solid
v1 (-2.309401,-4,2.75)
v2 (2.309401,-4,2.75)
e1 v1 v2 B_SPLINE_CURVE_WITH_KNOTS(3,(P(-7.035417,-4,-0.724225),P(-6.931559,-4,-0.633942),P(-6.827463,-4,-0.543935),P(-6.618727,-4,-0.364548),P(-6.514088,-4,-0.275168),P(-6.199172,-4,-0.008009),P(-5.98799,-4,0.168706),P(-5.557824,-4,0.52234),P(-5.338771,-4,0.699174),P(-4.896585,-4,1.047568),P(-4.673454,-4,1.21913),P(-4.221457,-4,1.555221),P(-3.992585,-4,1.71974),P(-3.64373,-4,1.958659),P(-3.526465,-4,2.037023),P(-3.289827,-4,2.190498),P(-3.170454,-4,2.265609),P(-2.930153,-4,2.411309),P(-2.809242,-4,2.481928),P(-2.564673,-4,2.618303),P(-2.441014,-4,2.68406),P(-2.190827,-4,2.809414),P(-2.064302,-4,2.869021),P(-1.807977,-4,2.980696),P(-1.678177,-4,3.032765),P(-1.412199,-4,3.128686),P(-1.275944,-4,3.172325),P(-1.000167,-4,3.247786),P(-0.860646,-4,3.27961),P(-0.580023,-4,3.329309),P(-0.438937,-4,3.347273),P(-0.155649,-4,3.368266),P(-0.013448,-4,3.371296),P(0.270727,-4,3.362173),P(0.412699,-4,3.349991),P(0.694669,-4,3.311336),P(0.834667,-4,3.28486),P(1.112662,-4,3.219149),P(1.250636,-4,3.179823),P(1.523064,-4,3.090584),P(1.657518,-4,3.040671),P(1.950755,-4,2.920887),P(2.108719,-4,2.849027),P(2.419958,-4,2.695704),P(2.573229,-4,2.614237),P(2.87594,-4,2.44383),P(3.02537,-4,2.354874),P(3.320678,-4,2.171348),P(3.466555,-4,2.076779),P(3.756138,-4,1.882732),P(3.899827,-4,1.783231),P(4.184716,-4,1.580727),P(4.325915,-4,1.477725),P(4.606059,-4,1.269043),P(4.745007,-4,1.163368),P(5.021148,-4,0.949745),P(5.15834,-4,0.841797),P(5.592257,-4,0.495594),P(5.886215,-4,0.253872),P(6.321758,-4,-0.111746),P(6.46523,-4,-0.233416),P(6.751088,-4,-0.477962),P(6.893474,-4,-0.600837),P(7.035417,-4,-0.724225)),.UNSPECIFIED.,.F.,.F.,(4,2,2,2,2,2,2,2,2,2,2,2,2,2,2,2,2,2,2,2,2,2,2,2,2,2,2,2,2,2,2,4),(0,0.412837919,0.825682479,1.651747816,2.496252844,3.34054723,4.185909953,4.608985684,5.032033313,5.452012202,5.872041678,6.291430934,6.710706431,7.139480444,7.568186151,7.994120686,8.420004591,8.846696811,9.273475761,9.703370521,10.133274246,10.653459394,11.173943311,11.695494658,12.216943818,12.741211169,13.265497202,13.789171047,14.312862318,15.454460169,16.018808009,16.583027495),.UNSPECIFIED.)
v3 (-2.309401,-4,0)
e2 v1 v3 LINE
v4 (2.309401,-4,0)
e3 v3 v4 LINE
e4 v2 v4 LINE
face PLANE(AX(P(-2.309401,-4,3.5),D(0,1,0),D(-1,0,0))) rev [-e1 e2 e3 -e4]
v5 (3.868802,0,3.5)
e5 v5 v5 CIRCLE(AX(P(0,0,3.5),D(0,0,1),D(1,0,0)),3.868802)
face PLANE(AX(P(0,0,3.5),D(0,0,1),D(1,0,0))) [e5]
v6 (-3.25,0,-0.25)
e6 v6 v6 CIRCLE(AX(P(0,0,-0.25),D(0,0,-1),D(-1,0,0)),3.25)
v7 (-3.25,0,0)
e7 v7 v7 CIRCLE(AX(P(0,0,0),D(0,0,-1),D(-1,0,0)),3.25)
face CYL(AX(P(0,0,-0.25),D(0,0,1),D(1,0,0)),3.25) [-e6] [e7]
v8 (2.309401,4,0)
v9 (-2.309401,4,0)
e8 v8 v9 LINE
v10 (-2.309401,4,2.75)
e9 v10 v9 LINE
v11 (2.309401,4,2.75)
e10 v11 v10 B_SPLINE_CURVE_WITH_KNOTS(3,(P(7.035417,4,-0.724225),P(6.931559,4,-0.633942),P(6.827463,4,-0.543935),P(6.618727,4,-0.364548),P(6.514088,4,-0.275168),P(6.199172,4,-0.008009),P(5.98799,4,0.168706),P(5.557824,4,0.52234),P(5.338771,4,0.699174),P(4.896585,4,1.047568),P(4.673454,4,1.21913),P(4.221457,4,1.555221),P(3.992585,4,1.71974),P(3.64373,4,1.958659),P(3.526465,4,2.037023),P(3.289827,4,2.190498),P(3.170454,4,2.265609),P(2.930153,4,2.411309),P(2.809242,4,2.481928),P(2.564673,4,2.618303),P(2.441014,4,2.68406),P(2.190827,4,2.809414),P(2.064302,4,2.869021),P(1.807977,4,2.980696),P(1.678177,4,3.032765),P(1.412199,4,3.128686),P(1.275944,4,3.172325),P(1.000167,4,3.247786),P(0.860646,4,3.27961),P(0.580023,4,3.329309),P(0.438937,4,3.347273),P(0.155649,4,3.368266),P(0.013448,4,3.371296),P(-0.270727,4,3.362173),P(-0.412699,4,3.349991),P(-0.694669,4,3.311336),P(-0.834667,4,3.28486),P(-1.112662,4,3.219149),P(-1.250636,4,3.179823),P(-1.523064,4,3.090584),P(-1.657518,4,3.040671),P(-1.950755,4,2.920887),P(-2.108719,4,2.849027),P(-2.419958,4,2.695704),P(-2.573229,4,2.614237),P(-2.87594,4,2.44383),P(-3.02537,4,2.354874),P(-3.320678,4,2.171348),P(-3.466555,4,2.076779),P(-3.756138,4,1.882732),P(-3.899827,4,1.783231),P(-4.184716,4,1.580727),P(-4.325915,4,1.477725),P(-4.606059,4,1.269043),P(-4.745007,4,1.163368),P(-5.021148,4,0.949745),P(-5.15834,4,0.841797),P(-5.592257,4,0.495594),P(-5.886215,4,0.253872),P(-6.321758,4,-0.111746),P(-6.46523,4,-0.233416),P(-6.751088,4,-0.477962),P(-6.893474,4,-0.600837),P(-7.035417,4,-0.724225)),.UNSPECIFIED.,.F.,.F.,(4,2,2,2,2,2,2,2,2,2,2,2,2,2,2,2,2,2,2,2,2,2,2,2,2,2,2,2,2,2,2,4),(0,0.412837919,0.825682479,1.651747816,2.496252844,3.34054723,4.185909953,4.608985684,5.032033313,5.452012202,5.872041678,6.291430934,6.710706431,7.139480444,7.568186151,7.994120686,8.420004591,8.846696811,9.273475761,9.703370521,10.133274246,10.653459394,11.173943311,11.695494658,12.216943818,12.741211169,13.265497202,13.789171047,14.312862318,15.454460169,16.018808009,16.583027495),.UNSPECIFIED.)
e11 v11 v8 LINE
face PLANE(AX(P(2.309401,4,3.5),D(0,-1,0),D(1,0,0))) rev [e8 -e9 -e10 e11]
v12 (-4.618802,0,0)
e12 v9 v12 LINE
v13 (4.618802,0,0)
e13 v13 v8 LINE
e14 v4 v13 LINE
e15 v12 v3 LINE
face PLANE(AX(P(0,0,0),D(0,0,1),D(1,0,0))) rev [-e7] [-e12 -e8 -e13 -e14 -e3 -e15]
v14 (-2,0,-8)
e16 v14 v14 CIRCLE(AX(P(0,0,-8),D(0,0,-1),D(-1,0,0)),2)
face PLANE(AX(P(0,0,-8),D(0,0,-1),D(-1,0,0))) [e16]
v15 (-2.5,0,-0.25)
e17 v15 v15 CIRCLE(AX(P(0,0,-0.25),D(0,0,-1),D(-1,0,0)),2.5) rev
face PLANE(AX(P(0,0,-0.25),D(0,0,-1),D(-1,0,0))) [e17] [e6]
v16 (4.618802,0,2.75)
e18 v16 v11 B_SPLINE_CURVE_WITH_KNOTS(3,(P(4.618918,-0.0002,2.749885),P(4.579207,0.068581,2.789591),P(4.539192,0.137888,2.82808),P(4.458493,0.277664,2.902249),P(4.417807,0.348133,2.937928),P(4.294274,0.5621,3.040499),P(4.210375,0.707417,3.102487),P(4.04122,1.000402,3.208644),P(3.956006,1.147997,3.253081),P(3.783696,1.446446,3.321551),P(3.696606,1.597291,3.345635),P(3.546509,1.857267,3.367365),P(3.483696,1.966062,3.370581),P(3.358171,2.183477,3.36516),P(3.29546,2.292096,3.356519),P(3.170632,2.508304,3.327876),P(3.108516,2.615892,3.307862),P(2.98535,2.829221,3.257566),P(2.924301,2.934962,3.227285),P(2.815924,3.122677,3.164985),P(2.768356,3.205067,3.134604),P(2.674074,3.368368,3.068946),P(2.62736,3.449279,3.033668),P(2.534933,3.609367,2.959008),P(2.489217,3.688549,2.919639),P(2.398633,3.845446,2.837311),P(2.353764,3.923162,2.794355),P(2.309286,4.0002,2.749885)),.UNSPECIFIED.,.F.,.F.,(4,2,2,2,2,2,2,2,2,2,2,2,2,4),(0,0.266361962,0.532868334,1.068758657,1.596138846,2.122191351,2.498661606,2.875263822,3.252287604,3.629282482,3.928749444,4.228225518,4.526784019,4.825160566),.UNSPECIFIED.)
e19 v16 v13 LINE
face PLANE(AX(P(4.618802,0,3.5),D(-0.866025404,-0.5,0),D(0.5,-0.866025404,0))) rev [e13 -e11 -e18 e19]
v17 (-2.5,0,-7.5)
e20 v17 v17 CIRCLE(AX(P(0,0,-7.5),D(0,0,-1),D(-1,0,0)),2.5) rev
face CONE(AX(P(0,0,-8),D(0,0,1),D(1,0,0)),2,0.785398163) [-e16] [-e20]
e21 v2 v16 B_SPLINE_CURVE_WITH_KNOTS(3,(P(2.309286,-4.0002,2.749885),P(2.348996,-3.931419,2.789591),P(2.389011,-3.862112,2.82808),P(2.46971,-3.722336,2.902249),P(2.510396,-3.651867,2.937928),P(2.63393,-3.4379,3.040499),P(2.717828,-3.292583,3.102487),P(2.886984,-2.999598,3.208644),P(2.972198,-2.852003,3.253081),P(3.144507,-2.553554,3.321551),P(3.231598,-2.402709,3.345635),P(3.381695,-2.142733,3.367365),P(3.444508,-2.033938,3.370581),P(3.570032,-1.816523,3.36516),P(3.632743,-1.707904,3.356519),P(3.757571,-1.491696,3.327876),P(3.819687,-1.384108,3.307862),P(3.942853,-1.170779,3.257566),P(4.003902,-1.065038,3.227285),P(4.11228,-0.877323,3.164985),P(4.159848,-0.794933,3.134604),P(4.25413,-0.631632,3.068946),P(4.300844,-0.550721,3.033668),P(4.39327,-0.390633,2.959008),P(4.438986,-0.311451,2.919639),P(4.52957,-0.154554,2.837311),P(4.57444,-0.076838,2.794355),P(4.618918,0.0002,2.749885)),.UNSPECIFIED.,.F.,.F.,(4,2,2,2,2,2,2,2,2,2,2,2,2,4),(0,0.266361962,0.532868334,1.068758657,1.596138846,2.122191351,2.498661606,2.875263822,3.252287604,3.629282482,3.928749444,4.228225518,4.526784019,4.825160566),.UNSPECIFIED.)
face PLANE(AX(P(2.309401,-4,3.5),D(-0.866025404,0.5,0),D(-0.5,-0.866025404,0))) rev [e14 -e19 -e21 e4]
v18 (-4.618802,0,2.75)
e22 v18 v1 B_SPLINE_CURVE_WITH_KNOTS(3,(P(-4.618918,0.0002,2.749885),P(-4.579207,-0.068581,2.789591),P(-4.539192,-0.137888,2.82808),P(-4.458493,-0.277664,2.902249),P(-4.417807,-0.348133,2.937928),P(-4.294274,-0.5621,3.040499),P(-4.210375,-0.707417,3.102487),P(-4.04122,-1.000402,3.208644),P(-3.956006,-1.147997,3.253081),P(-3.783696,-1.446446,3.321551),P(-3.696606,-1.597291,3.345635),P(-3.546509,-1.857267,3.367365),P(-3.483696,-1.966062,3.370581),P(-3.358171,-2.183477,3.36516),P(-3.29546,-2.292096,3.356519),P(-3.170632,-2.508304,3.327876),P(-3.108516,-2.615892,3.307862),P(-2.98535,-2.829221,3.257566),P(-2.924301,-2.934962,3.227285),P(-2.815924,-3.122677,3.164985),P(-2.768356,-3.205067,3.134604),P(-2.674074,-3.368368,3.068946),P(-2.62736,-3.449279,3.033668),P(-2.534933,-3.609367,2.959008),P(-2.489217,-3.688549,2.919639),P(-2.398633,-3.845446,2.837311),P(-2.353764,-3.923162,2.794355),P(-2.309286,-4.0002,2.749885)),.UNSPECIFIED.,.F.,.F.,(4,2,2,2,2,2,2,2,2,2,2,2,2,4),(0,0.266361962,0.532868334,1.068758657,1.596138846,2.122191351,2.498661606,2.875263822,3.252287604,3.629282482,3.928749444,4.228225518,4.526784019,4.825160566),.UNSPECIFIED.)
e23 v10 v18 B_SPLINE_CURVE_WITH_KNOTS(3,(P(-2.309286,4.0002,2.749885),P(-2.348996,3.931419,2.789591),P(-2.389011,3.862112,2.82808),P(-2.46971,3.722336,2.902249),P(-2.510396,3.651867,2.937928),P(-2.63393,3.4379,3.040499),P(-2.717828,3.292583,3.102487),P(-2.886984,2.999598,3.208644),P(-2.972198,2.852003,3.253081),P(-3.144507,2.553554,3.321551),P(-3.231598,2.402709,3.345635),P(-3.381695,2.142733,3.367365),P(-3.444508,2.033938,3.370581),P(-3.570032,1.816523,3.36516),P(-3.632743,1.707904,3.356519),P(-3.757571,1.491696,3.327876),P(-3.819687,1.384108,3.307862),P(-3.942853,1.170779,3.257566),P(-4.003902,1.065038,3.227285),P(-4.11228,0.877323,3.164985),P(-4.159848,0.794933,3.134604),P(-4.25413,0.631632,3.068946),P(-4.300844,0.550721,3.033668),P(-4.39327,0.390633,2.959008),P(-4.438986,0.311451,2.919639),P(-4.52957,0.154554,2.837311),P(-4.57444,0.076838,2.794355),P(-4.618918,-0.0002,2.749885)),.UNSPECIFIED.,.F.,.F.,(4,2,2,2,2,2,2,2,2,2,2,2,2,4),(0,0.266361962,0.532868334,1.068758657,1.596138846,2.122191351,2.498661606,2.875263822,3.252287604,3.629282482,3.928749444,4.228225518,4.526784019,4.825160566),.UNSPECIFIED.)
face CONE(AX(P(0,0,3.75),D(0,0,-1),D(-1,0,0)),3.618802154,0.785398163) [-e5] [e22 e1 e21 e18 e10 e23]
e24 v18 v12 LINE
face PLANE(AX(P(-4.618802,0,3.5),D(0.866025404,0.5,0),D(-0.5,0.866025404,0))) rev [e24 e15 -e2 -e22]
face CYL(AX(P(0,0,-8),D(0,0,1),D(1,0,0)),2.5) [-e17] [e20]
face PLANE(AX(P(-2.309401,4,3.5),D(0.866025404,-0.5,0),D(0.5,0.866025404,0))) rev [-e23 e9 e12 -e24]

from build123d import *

# Parameters (mm, degrees)
BOSS_EXTRUDE1_DEPTH = 3.5
SKETCH3_R           = 3.25
BOSS_EXTRUDE3_DEPTH = 0.25
SKETCH2_R           = 2.5
BOSS_EXTRUDE2_DEPTH = 8
CHAMFER1_SIZE       = 0.5


with BuildPart() as part:
    # Sketch1 → Boss-Extrude1 (new body)
    with BuildSketch(Plane.XY):
        Polygon((4.618802154, 0), (2.309401077, 4), (-2.309401077, 4), (-4.618802154, 0), (-2.309401077, -4), (2.309401077, -4), align=None)
    extrude(amount=BOSS_EXTRUDE1_DEPTH)

    # Sketch3 → Boss-Extrude3 (add)
    with BuildSketch(Plane(origin=(0, 0, 0), x_dir=(-1, 0, 0), z_dir=(0, 0, -1))):
        Circle(SKETCH3_R)
    extrude(amount=BOSS_EXTRUDE3_DEPTH)

    # Sketch2 → Boss-Extrude2 (add)
    with BuildSketch(Plane(origin=(0, 0, 0), x_dir=(-1, 0, 0), z_dir=(0, 0, -1))):
        Circle(SKETCH2_R)
    extrude(amount=BOSS_EXTRUDE2_DEPTH)

    # Chamfer1
    chamfer1_edges = [part.edges().sort_by_distance(p)[0] for p in [
        (2.5, 0, -8),
    ]]
    chamfer(chamfer1_edges, length=CHAMFER1_SIZE)

    # Sketch4 → Cut-Revolve1 (revolve, cut)
    with BuildSketch(Plane(origin=(0, 0, 0), x_dir=(1, 0, 0), z_dir=(0, 1, 0))):
        Polygon((-4.868802154, -3.75), (-4.868802154, -2.5), (-3.618802154, -3.75), align=None)
    revolve(axis=Axis((0, 0, 3.5), (0, 0, -1)), mode=Mode.SUBTRACT)


solid = part.part
